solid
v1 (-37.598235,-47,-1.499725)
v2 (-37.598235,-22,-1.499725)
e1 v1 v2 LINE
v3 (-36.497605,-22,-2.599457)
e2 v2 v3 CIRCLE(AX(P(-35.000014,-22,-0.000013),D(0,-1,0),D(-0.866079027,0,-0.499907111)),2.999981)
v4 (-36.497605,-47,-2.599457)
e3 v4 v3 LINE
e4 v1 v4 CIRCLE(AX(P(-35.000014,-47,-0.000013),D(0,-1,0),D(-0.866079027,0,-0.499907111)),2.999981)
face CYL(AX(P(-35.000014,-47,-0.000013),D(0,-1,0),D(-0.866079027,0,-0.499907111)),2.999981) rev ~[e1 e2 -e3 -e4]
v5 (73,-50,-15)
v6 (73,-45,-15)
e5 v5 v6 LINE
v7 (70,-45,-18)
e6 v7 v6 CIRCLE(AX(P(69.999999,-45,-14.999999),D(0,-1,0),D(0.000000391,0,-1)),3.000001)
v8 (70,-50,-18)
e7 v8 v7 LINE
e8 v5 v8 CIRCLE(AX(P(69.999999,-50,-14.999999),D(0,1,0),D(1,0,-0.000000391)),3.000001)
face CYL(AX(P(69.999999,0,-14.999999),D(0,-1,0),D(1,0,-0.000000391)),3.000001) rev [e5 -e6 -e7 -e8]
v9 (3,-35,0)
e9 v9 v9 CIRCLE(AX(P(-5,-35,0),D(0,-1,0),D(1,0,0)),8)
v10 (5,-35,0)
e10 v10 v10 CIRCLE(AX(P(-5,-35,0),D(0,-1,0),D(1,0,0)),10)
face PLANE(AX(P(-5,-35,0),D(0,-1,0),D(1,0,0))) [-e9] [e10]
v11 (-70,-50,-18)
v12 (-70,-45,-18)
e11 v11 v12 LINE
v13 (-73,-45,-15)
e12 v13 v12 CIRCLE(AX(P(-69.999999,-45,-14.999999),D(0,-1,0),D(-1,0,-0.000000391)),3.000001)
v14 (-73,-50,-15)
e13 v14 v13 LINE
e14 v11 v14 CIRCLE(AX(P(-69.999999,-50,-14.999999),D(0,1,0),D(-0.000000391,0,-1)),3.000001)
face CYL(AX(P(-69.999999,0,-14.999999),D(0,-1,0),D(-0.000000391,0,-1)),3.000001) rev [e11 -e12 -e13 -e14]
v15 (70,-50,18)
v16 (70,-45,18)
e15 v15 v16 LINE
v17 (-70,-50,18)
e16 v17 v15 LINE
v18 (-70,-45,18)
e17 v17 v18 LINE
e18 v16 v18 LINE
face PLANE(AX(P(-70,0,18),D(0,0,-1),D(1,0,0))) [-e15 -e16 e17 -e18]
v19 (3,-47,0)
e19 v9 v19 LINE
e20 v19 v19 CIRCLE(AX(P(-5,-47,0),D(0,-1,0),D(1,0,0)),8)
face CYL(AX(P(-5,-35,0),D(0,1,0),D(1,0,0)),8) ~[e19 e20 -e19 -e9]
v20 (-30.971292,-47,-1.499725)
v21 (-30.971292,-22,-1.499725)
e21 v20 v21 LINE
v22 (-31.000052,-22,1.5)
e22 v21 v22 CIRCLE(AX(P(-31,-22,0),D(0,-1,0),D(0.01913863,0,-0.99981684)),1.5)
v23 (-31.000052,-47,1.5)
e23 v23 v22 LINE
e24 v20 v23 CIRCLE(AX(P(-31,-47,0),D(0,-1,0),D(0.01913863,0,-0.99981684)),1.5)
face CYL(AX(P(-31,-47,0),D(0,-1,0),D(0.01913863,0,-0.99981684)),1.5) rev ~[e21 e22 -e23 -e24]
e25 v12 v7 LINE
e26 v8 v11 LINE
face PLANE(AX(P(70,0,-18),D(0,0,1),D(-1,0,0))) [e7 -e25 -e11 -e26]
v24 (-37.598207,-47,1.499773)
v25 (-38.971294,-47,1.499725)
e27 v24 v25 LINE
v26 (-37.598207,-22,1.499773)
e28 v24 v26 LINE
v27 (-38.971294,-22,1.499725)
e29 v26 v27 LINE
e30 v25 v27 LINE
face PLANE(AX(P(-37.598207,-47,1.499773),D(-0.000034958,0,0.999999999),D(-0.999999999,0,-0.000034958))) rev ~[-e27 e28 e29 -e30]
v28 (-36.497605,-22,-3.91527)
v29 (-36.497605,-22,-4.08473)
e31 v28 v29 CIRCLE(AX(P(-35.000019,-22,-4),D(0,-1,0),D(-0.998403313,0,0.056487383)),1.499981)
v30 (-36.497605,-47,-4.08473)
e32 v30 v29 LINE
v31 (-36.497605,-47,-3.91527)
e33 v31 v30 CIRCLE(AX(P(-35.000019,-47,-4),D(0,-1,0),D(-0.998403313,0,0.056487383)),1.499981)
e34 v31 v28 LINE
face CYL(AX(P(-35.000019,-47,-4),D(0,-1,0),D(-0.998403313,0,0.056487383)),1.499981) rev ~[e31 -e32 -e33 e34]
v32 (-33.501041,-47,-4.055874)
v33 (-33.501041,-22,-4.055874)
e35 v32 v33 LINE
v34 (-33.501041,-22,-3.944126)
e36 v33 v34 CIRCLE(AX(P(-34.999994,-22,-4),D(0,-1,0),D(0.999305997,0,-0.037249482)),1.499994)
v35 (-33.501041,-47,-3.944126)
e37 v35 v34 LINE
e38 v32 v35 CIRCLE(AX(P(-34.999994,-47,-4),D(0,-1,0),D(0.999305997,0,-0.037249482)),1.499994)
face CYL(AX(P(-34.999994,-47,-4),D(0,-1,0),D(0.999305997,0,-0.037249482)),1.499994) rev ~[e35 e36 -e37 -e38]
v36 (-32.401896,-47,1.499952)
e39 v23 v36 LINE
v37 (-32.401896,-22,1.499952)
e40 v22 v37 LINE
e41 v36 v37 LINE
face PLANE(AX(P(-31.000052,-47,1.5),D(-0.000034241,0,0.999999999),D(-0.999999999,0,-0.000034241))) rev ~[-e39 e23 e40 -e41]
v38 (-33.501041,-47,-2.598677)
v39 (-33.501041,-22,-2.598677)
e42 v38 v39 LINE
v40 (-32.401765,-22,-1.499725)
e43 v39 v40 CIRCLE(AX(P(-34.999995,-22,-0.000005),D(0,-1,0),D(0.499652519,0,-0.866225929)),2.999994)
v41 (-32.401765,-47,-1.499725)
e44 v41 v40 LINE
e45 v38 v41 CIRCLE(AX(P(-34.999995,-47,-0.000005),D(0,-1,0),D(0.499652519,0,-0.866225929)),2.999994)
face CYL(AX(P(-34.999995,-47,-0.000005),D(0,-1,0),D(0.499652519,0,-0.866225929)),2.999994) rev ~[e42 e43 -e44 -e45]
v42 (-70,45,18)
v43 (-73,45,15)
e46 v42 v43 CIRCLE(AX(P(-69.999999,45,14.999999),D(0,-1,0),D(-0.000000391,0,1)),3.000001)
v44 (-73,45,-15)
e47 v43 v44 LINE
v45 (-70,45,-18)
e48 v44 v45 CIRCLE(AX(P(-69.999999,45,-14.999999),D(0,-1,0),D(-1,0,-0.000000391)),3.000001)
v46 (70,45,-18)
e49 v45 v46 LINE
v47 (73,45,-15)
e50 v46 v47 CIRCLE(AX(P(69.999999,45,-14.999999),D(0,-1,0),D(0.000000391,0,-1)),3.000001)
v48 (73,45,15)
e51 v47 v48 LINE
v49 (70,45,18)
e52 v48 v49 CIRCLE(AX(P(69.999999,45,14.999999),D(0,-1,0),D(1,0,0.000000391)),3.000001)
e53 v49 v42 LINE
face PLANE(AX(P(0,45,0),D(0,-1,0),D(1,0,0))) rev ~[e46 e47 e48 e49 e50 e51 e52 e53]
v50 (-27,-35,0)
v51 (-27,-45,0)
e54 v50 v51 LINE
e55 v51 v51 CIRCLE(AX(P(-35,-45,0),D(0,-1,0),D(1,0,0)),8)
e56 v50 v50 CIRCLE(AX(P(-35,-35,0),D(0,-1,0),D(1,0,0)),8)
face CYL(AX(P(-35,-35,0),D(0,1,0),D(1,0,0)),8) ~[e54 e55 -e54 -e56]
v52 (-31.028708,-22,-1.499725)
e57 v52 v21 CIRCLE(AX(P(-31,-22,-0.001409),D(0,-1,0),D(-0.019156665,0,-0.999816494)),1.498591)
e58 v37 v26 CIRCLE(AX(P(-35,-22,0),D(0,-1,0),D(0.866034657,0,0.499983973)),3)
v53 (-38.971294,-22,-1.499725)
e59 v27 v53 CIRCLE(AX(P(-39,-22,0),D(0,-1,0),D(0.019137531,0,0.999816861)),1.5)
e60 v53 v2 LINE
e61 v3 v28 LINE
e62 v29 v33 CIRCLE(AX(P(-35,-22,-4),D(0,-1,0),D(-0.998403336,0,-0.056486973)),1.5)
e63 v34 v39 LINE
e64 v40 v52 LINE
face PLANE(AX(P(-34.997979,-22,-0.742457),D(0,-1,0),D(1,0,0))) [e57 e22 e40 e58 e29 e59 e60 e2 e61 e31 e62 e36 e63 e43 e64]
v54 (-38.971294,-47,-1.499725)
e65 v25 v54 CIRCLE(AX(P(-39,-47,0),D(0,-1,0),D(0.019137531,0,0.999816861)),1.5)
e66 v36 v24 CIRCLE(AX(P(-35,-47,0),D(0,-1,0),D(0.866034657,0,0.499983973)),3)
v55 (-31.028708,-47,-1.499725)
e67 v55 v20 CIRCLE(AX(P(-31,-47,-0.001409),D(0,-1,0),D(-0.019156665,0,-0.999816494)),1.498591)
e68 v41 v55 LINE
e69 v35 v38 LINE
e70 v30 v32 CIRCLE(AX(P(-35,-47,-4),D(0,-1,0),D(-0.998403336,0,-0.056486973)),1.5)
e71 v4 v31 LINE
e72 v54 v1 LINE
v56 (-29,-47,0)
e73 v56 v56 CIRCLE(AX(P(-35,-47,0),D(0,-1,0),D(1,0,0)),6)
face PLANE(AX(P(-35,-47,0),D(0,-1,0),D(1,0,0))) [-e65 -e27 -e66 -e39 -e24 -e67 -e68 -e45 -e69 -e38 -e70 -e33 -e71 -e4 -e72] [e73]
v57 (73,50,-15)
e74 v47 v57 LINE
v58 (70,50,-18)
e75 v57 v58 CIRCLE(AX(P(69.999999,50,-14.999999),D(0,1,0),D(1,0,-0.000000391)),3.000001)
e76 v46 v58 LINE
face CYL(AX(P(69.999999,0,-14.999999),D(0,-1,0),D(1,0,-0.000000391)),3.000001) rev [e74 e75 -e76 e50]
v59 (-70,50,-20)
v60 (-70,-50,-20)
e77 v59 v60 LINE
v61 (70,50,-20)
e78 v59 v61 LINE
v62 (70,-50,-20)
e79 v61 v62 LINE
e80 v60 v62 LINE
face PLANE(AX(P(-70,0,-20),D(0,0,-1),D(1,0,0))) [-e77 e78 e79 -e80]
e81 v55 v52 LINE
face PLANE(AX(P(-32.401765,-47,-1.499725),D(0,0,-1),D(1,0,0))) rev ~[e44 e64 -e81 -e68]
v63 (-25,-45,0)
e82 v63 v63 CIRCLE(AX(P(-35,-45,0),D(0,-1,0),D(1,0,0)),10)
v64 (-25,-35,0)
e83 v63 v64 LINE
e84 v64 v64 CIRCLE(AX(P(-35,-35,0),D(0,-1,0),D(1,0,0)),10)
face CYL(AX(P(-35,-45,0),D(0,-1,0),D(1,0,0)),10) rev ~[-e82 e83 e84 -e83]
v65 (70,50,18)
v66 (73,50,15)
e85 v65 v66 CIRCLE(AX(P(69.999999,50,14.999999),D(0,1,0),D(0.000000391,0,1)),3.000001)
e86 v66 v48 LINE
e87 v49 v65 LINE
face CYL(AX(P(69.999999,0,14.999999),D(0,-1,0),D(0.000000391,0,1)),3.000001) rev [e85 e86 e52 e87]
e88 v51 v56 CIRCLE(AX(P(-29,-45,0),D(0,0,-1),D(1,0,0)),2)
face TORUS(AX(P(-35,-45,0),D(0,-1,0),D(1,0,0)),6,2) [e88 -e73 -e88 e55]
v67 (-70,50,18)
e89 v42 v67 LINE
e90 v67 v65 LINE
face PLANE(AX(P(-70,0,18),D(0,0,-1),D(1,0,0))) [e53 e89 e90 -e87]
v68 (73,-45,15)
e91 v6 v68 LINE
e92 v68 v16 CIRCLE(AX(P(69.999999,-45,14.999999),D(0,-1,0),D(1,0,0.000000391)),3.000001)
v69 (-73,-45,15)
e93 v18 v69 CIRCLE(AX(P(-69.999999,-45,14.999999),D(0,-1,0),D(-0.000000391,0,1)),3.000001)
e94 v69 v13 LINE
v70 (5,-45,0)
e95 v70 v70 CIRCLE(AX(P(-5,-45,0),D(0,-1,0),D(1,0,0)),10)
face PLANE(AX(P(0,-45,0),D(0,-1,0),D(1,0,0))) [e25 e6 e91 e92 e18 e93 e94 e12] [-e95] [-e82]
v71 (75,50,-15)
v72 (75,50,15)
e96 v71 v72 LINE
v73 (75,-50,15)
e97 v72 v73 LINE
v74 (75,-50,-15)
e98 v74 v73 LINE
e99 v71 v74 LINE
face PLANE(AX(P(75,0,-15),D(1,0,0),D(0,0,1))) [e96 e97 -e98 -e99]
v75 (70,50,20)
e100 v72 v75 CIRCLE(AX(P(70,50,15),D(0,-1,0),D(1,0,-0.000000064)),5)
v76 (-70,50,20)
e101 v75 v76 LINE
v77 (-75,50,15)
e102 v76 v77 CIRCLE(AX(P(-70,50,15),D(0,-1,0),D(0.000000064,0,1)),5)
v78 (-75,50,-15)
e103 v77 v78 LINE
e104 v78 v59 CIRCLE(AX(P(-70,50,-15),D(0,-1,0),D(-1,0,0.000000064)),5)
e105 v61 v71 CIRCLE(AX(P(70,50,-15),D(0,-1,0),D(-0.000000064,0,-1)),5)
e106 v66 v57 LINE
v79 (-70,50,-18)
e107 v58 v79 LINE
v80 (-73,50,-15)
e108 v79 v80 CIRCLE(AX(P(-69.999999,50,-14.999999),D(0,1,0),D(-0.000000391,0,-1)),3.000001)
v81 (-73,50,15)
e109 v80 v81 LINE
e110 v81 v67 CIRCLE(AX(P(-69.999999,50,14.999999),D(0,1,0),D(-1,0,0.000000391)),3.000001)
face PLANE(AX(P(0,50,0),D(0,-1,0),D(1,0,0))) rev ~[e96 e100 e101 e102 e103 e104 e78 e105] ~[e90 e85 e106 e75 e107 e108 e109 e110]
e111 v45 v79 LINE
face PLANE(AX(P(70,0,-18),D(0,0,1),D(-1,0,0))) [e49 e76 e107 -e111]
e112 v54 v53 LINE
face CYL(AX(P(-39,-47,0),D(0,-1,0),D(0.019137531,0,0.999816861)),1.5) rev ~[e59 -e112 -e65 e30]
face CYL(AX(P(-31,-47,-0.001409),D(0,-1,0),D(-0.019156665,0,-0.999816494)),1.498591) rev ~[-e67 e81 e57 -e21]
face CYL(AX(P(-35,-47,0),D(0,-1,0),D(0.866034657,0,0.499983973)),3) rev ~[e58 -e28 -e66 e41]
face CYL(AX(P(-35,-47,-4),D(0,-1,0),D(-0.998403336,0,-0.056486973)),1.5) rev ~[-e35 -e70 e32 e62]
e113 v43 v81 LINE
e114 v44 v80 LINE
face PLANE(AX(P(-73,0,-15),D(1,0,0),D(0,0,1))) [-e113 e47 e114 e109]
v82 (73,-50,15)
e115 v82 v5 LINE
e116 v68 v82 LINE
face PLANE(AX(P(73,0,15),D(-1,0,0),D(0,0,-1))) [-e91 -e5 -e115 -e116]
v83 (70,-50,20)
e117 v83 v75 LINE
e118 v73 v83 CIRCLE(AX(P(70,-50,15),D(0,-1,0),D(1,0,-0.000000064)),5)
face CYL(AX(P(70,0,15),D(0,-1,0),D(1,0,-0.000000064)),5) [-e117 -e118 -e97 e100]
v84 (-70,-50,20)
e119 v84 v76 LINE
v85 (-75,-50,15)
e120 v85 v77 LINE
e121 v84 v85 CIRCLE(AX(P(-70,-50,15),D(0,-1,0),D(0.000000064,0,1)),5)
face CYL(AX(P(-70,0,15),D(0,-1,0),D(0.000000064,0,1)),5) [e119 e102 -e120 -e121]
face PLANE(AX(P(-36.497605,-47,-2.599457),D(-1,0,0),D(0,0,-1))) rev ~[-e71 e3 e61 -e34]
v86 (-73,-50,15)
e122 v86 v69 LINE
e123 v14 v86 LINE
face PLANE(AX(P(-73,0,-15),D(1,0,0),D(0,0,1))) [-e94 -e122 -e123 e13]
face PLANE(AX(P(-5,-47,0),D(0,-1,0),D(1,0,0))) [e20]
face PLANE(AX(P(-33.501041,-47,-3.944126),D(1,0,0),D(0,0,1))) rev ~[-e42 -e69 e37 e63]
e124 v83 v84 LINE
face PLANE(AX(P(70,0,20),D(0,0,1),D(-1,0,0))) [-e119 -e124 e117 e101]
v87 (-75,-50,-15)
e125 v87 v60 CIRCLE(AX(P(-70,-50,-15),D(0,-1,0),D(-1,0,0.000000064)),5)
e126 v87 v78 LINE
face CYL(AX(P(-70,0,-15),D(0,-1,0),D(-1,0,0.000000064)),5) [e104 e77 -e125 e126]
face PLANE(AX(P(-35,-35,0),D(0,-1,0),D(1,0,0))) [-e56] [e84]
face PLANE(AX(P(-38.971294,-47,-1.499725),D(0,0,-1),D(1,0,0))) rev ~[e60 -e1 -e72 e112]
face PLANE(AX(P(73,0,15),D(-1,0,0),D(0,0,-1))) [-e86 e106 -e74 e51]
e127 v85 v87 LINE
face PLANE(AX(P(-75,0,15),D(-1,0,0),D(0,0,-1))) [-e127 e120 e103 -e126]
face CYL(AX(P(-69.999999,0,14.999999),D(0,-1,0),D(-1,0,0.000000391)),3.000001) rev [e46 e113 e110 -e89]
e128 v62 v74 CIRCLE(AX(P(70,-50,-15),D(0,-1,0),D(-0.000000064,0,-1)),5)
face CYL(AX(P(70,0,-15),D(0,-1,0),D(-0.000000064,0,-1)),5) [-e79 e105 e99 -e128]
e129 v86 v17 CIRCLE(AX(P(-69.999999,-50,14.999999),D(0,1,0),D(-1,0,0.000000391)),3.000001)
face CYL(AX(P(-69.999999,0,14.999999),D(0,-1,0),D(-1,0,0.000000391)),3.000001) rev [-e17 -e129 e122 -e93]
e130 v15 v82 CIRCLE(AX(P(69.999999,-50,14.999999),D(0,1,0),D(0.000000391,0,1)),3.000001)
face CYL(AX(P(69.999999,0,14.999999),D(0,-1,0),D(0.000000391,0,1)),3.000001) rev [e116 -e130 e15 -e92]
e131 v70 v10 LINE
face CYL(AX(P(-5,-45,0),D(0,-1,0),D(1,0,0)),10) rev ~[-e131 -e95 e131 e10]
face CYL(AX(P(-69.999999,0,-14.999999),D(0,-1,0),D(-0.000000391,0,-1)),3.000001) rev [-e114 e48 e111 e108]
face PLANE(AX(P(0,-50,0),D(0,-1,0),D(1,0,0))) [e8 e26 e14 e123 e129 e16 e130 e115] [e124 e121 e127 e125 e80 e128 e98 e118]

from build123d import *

# Parameters (mm, degrees)
F1_DEPTH = 50
F3_DEPTH = 45
F4_R     = 10
F5_DEPTH = 10
F6_R     = 8
F7_DEPTH = 12
F9_DEPTH = 25
F10_R    = 2


with BuildPart() as f1:
    # F0 (on Front) → F1 (new body, symmetric)
    with BuildSketch(Plane.XZ):
        with BuildLine():
            ThreePointArc((-75, -15), (-73.535534, -18.535534), (-70, -20))
            Line((-70, -20), (70, -20))
            ThreePointArc((70, -20), (73.535534, -18.535534), (75, -15))
            Line((75, -15), (75, 15))
            ThreePointArc((75, 15), (73.535534, 18.535534), (70, 20))
            Line((70, 20), (-70, 20))
            ThreePointArc((-70, 20), (-73.535534, 18.535534), (-75, 15))
            Line((-75, 15), (-75, -15))
        make_face()
        with BuildLine():
            Line((73, 15), (73, -15))
            ThreePointArc((73, -15), (72.12132, -17.12132), (70, -18))
            Line((70, -18), (-70, -18))
            ThreePointArc((-70, -18), (-72.12132, -17.12132), (-73, -15))
            Line((-73, -15), (-73, 15))
            ThreePointArc((-73, 15), (-72.12132, 17.12132), (-70, 18))
            Line((-70, 18), (70, 18))
            ThreePointArc((70, 18), (72.12132, 17.12132), (73, 15))
        make_face(mode=Mode.SUBTRACT)
    extrude(amount=F1_DEPTH, both=True)

    # F2 (on Front) → F3 (join, symmetric)
    with BuildSketch(Plane.XZ):
        with BuildLine():
            Line((-73, 15), (-73, -15))
            ThreePointArc((-73, -15), (-72.12132, -17.12132), (-70, -18))
            Line((-70, -18), (70, -18))
            ThreePointArc((70, -18), (72.12132, -17.12132), (73, -15))
            Line((73, -15), (73, 15))
            ThreePointArc((73, 15), (72.12132, 17.12132), (70, 18))
            Line((70, 18), (-70, 18))
            ThreePointArc((-70, 18), (-72.12132, 17.12132), (-73, 15))
        make_face()
    extrude(amount=F3_DEPTH, both=True)

    # F4 (on face) → F5 (cut)
    with BuildSketch(Plane.XZ.offset(45)):
        with Locations((-35, 0)):
            Circle(F4_R)
        with Locations((-5, 0)):
            Circle(F4_R)
    extrude(amount=-F5_DEPTH, mode=Mode.SUBTRACT)

    # F6 (on face) → F7 (join)
    with BuildSketch(Plane.XZ.offset(35)):
        with Locations((-5, 0)):
            Circle(F6_R)
        with Locations((-35, 0)):
            Circle(F6_R)
    extrude(amount=F7_DEPTH)

    # F8 (on face) → F9 (cut)
    with BuildSketch(Plane.XZ.offset(47)):
        with BuildLine():
            Line((-38.971294, -1.499725), (-37.598235, -1.499725))
            ThreePointArc((-37.598235, -1.499725), (-37.120455, -2.122186), (-36.497605, -2.599457))
            Line((-36.497605, -2.599457), (-36.497605, -3.91527))
            Line((-36.497605, -3.91527), (-36.497605, -4.08473))
            ThreePointArc((-36.497605, -4.08473), (-34.985556, -5.49993), (-33.501041, -4.055874))
            Line((-33.501041, -4.055874), (-33.501041, -3.944126))
            Line((-33.501041, -3.944126), (-33.501041, -2.598677))
            ThreePointArc((-33.501041, -2.598677), (-32.878992, -2.121633), (-32.401765, -1.499725))
            Line((-32.401765, -1.499725), (-31.028708, -1.499725))
            Line((-31.028708, -1.499725), (-30.971292, -1.499725))
            ThreePointArc((-30.971292, -1.499725), (-29.500069, 0.01438), (-31.000052, 1.5))
            Line((-31.000052, 1.5), (-32.401896, 1.499952))
            ThreePointArc((-32.401896, 1.499952), (-35.000103, 3), (-37.598207, 1.499773))
            Line((-37.598207, 1.499773), (-38.971294, 1.499725))
            ThreePointArc((-38.971294, 1.499725), (-40.5, 0), (-38.971294, -1.499725))
        make_face()
        with BuildLine():
            Line((-36.497605, -4.08473), (-36.497605, -3.91527))
            ThreePointArc((-36.497605, -3.91527), (-36.5, -4), (-36.497605, -4.08473))
        make_face()
        with BuildLine():
            Line((-33.501041, -3.944126), (-33.501041, -4.055874))
            ThreePointArc((-33.501041, -4.055874), (-33.5, -4), (-33.501041, -3.944126))
        make_face()
        with BuildLine():
            ThreePointArc((-31.028708, -1.499725), (-31, -1.5), (-30.971292, -1.499725))
            Line((-30.971292, -1.499725), (-31.028708, -1.499725))
        make_face()
    extrude(amount=-F9_DEPTH, mode=Mode.SUBTRACT)

    # F10
    f10_edges = [f1.edges().sort_by_distance(p)[0] for p in [
        (-43, -47, 0),
    ]]
    fillet(f10_edges, radius=F10_R)


solid = f1.part
